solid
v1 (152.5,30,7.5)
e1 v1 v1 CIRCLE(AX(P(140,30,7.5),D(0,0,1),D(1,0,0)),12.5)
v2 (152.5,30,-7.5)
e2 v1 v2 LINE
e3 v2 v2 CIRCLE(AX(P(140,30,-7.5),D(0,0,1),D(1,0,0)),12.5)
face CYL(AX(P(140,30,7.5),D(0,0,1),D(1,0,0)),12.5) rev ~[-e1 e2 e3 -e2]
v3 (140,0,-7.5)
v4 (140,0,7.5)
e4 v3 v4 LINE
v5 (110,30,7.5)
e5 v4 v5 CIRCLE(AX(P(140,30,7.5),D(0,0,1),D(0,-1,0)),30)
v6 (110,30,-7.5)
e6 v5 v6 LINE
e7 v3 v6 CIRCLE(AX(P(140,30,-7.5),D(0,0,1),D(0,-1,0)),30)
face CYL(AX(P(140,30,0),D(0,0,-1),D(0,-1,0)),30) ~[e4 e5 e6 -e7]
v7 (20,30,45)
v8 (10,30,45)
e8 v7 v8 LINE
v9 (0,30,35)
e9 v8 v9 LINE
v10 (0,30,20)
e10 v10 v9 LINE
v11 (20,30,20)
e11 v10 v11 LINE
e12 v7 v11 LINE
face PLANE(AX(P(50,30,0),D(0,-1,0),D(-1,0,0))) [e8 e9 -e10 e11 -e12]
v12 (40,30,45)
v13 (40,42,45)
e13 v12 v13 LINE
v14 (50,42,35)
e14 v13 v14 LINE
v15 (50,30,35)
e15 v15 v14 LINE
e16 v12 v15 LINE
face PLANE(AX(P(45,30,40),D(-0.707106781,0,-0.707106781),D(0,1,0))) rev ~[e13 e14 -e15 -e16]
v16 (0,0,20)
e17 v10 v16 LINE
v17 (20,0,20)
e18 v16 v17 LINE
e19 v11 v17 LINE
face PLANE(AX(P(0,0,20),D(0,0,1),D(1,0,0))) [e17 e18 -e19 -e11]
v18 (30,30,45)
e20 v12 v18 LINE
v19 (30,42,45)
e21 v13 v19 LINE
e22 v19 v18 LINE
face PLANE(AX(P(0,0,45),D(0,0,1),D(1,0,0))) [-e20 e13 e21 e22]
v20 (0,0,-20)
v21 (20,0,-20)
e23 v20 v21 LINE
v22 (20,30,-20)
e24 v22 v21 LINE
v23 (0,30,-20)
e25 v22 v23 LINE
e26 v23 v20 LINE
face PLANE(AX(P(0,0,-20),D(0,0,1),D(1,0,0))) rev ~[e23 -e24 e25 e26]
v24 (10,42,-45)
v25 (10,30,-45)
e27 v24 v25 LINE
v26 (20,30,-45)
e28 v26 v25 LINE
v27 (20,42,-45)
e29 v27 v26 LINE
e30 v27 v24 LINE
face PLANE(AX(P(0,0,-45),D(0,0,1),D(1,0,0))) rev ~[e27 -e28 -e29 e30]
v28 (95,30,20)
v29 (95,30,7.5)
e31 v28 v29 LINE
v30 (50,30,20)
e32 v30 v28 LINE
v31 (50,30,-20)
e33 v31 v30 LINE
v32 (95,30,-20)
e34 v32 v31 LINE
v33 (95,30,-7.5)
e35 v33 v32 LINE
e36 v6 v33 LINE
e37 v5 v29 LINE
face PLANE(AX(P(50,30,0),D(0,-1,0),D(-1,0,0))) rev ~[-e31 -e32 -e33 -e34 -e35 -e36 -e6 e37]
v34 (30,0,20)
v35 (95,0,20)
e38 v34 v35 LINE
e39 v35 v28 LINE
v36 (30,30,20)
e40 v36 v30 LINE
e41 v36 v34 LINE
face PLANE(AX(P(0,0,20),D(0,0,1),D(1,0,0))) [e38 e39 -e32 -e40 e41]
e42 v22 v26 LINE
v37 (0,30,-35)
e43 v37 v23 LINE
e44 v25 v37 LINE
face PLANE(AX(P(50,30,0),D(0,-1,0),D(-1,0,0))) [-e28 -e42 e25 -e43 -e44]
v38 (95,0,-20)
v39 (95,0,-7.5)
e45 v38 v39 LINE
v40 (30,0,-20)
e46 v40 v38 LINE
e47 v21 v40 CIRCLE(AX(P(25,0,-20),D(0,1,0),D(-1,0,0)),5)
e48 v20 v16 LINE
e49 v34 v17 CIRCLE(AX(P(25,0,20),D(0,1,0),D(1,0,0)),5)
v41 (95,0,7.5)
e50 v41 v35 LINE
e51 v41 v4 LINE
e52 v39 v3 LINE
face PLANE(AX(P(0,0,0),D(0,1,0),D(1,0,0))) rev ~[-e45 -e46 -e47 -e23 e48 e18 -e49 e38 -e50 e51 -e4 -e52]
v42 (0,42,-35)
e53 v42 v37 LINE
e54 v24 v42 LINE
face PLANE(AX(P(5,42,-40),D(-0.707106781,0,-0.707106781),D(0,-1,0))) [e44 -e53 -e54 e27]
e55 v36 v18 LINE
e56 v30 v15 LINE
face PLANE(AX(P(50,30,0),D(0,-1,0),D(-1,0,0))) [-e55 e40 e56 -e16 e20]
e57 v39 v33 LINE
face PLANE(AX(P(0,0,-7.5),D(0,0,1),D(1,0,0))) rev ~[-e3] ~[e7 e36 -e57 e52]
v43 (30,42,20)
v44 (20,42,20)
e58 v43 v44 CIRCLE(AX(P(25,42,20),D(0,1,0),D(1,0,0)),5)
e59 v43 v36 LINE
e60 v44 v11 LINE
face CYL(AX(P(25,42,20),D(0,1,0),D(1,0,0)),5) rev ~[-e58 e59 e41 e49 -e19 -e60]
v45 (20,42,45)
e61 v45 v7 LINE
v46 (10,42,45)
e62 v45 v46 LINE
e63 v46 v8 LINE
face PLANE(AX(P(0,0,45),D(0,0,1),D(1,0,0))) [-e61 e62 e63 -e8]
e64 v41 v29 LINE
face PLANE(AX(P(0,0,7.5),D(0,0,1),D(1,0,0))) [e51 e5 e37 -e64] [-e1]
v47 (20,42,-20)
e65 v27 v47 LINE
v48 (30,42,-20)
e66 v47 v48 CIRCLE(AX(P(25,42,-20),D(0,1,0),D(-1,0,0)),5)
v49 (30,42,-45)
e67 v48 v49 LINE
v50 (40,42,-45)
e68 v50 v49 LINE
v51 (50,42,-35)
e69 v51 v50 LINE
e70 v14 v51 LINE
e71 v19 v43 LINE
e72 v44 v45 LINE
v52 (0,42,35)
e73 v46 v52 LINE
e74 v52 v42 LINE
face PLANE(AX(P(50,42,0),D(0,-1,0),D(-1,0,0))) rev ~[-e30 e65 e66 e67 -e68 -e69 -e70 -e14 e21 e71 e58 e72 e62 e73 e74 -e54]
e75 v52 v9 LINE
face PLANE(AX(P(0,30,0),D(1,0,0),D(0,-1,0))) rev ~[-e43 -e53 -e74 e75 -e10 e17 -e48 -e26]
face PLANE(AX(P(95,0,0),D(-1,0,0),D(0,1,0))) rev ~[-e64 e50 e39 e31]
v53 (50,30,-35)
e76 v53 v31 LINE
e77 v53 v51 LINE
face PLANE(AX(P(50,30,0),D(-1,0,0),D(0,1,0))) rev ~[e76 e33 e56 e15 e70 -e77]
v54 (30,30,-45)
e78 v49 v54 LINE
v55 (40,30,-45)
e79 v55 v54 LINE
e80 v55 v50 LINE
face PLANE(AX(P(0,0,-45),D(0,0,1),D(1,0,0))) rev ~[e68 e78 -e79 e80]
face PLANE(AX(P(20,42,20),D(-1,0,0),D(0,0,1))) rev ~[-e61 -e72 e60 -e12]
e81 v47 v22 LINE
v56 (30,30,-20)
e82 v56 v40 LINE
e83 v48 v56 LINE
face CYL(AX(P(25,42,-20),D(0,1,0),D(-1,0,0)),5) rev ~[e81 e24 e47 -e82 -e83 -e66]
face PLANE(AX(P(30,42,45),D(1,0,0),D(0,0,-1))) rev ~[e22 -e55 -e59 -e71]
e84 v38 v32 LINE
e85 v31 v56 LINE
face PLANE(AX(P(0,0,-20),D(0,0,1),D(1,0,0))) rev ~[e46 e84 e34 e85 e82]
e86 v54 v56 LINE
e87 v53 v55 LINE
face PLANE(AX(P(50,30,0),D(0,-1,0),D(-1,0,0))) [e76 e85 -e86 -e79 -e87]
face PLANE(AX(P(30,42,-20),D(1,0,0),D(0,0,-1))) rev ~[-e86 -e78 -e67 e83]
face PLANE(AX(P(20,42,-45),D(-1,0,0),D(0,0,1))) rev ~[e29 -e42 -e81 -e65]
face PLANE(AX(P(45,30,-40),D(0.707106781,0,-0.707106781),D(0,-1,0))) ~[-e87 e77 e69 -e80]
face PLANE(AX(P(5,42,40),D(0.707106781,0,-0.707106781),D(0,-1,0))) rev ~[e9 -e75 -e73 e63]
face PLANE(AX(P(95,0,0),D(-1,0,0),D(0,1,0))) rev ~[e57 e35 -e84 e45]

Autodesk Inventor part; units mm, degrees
ref_plane "YZ Plane" through (0, 0, 0) normal (1, 0, 0) x (0, 1, 0)
ref_plane "XZ Plane" through (0, 0, 0) normal (0, 1, 0) x (-1, 0, 0)
ref_plane "XY Plane" through (0, 0, 0) normal (0, 0, 1) x (1, 0, 0)
sketch "Esboço1" plane through (0, 0, 0) normal (0, 0, 1) x (1, 0, 0)
  line L0 (0, 0) -> (95, 0)
  line L1 (95, 0) -> (95, 30)
  line L2 (95, 30) -> (0, 30)
  line L3 (0, 30) -> (0, 0)
  line L4 (0, 30) -> (50, 30)
  line L5 (50, 30) -> (50, 42)
  line L6 (50, 42) -> (0, 42)
  line L7 (0, 42) -> (0, 30)
  line L8 (95, 0) -> (140, 0)
  line L9 (110, 30) -> (95, 30)
  line L10 (95, 30) -> (95, 0)
  arc A0 (140, 0) -> (110, 30) centre (140, 30) ccw
  dimension "d0" = 95
  dimension "d1" = 30
  dimension "d2" = 50
  dimension "d3" = 12
  dimension "d5" = 60
  dimension "d6" = 140
extrude "Extrusão1" add sketch "Esboço1" along normal mid plane 40 contours L3 L2 L1 L0
extrude "Extrusão2" add sketch "Esboço1" along normal mid plane 90 contours L7 L6 L5 L2
extrude "Extrusão3" add sketch "Esboço1" along normal mid plane 15 contours L1 L9 A0 L8
sketch "Esboço3" plane through (0, 0, 7.5) normal (0, 0, 1) x (1, 0, 0)
  circle A0 centre (140, 30) radius 12.5
  arc A1 (140, 0) -> (110, 30) centre (140, 30) ccw projected
  point P0 (0, 0)
  dimension "d13" = 25
extrude "Extrusão4" cut sketch "Esboço3" against normal blind 15
chamfer "Chanfro1" distance 10 angle 45 1 edges at (50, 36, 45) measured on face at (50, 38, -6.6667)
chamfer "Chanfro2" distance 10 angle 45 1 edges at (0, 36, 45) measured on face at (13.3333, 38, 45)
chamfer "Chanfro3" distance 10 angle 45 1 edges at (50, 36, -45) measured on face at (50, 38, -10)
chamfer "Chanfro4" distance 10 angle 45 1 edges at (0, 36, -45) measured on face at (13.3333, 38, -45)
sketch "Esboço4" plane through (10, 42, 45) normal (0, 1, 0) x (1, 0, 0)
  line L0 (15, -25) -> (15, 25) construction
  line L1 (30, 0) -> (0, 0) projected
  line L2 (20, -25) -> (20, 25)
  line L3 (10, 25) -> (10, -25)
  arc A0 (10, -25) -> (20, -25) centre (15, -25) ccw
  arc A1 (20, 25) -> (10, 25) centre (15, 25) ccw
  line L4 (15, 115) -> (15, 65) construction
  line L5 (30, 90) -> (0, 90) projected
  line L6 (10, 115) -> (10, 65)
  line L7 (20, 65) -> (20, 115)
  arc A2 (20, 115) -> (10, 115) centre (15, 115) ccw
  arc A3 (10, 65) -> (20, 65) centre (15, 65) ccw
  point P0 (-10, 45)
  point P1 (15, 0)
  point P2 (15, 90)
  point P3 (10, 0)
  point P4 (20, 0)
  point P5 (20, 90)
  point P6 (10, 90)
  dimension "d28" = 25
  dimension "d29" = 10
  dimension "d30" = 25
  dimension "d31" = 10
extrude "Extrusão5" cut sketch "Esboço4" against normal through all contours L1 L3 A1 L2
extrude "Extrusão6" cut sketch "Esboço4" against normal through all contours L7 A3 L6 L5
properties part number "Peça teste 3" material "Ferro, dúctil"
